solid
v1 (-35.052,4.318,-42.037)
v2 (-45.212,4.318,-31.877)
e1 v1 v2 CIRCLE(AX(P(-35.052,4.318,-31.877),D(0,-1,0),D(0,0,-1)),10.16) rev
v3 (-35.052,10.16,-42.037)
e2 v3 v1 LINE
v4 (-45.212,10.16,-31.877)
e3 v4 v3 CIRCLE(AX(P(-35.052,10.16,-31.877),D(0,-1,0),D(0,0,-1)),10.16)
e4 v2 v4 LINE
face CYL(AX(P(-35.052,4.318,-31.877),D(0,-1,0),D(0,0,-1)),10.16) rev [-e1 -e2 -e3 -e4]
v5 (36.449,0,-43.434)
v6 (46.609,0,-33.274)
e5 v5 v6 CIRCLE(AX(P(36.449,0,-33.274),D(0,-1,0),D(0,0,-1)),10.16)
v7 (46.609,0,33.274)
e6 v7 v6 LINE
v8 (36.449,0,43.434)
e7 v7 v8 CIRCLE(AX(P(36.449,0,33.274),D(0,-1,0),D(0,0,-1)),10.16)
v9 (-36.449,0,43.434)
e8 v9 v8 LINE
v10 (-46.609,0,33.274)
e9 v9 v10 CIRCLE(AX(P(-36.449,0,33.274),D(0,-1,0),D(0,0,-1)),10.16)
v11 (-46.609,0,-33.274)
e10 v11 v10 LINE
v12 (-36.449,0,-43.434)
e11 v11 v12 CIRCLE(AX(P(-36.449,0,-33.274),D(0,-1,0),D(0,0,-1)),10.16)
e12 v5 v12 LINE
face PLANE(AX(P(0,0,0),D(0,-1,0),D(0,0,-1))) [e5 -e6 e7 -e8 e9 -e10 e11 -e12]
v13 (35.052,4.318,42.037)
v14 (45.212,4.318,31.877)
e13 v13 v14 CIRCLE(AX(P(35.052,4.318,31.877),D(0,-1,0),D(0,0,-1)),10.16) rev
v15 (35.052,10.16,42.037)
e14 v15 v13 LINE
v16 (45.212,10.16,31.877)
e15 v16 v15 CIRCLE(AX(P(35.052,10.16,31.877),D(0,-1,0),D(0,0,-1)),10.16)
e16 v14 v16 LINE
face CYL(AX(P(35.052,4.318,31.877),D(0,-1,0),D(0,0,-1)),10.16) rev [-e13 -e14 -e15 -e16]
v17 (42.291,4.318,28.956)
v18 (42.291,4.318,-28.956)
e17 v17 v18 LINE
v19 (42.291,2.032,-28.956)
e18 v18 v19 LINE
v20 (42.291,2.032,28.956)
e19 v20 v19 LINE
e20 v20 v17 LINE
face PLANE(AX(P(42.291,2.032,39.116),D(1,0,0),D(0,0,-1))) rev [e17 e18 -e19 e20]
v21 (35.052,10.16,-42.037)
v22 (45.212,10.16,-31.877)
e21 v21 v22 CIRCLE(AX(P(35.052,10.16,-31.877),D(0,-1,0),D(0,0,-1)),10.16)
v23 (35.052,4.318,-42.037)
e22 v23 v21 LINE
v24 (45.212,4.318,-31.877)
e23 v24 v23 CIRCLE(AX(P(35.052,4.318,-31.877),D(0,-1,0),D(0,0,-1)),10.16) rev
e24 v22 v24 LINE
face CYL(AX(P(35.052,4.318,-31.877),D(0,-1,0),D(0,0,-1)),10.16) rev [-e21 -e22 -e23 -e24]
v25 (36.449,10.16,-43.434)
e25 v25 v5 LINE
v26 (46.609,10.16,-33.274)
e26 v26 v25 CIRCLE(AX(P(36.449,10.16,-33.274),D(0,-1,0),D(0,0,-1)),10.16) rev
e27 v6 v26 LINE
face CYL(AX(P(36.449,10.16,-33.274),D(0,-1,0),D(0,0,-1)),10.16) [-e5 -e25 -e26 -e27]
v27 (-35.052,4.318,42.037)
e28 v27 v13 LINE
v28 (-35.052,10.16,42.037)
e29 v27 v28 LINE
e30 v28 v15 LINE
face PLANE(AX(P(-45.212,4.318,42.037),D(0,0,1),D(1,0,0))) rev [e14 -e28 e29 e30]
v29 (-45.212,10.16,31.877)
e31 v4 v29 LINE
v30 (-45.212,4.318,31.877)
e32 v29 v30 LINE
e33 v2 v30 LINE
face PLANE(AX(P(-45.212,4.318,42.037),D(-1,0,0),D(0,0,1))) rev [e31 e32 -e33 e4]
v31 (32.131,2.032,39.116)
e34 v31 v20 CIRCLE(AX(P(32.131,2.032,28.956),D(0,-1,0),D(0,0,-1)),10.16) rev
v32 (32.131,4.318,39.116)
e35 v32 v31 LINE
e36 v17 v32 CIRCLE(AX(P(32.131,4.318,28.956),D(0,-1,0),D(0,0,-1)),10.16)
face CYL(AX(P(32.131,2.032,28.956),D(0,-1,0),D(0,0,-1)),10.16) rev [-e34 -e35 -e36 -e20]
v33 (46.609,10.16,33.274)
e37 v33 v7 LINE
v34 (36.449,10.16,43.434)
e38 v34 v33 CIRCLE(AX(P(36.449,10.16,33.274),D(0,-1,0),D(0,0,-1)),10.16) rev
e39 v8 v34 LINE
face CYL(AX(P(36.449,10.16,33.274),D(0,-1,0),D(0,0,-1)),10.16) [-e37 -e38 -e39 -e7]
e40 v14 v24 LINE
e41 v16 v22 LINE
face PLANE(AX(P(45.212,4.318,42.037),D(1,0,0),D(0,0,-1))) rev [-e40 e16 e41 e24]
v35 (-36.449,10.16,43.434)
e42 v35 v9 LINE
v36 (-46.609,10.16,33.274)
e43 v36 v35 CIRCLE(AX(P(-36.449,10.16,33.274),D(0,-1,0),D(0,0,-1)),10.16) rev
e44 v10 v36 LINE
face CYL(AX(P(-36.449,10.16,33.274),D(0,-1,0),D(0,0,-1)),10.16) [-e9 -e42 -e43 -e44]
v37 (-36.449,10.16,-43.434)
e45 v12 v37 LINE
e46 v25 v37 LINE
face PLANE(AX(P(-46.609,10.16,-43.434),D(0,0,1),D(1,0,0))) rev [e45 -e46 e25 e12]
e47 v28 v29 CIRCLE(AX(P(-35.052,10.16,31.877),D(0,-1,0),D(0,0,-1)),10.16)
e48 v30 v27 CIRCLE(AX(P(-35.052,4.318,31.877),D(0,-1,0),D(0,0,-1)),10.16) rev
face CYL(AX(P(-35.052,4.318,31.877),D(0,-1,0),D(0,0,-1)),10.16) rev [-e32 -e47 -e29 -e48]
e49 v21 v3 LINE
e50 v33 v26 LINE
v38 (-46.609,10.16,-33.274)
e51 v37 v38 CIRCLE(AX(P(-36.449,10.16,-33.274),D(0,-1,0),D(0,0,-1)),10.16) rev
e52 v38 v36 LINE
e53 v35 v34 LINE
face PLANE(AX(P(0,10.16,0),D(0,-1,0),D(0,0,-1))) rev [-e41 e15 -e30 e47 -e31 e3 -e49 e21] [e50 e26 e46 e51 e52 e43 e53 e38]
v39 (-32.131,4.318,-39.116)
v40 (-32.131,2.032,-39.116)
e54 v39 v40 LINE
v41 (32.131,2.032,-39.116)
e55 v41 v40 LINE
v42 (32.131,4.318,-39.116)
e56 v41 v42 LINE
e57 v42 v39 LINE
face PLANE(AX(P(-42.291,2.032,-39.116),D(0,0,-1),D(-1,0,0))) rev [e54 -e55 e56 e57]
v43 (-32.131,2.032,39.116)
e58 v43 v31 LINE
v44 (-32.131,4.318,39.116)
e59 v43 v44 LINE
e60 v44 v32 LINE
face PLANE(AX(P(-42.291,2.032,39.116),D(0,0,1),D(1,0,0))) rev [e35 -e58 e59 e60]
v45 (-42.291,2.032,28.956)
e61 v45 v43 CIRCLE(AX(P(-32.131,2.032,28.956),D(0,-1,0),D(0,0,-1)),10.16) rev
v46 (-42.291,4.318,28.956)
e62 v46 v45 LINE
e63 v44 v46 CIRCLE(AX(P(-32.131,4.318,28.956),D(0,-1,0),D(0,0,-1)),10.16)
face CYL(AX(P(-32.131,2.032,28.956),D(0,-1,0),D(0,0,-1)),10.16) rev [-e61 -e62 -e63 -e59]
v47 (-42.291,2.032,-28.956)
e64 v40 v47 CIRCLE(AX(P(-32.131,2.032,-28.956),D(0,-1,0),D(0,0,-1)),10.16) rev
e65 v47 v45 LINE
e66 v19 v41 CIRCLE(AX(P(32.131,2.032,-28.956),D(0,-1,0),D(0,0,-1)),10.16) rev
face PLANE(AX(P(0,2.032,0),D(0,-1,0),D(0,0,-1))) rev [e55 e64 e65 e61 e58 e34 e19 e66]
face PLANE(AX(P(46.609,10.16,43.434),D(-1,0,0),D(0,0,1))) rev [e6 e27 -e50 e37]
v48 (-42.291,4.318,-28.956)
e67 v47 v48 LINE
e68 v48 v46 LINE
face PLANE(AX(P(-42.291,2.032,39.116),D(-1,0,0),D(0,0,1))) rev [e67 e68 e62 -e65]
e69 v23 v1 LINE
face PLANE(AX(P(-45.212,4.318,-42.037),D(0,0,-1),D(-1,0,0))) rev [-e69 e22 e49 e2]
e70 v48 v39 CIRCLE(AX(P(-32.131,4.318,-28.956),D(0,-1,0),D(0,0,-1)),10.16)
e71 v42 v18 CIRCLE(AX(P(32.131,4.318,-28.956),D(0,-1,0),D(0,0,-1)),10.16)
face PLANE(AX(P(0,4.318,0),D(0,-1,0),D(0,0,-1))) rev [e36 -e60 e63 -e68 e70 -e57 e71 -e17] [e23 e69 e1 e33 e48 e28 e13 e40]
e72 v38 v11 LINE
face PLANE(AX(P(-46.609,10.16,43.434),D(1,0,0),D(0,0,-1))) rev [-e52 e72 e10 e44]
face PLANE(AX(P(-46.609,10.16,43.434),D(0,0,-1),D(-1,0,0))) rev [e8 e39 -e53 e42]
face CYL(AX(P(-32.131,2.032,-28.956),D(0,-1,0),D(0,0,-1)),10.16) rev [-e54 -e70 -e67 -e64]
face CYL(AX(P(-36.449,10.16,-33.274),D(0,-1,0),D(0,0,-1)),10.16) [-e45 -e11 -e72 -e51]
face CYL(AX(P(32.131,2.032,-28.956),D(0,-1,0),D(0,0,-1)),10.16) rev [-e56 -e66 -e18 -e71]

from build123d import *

# Parameters (mm, degrees)
SKETCH1_W           = 93.218
SKETCH1_H           = 86.868
BOSS_EXTRUDE1_DEPTH = 10.16
SKETCH2_W           = 90.424
SKETCH2_H           = 84.074
CUT_EXTRUDE1_DEPTH  = 5.842
SKETCH3_W           = 84.582
SKETCH3_H           = 78.232
CUT_EXTRUDE2_DEPTH  = 2.286
FILLET1_R           = 10.16


with BuildPart() as part:
    # Sketch1 → Boss-Extrude1 (new body)
    with BuildSketch(Plane(origin=(0, 0, 0), x_dir=(1, 0, 0), z_dir=(0, 1, 0))):
        Rectangle(SKETCH1_W, SKETCH1_H)
    extrude(amount=BOSS_EXTRUDE1_DEPTH)

    # Sketch2 → Cut-Extrude1 (cut)
    with BuildSketch(Plane(origin=(0, 10.16, 0), x_dir=(1, 0, 0), z_dir=(0, 1, 0))):
        Rectangle(SKETCH2_W, SKETCH2_H)
    extrude(amount=-CUT_EXTRUDE1_DEPTH, mode=Mode.SUBTRACT)

    # Sketch3 → Cut-Extrude2 (cut)
    with BuildSketch(Plane(origin=(0, 4.318, 0), x_dir=(1, 0, 0), z_dir=(0, 1, 0))):
        Rectangle(SKETCH3_W, SKETCH3_H)
    extrude(amount=-CUT_EXTRUDE2_DEPTH, mode=Mode.SUBTRACT)

    # Fillet1
    fillet1_edges = [part.edges().sort_by_distance(p)[0] for p in [
        (45.212, 7.239, -42.037),
        (45.212, 7.239, 42.037),
        (-45.212, 7.239, 42.037),
        (-45.212, 7.239, -42.037),
        (42.291, 3.175, -39.116),
        (42.291, 3.175, 39.116),
        (-42.291, 3.175, 39.116),
        (-42.291, 3.175, -39.116),
        (46.609, 5.08, 43.434),
        (-46.609, 5.08, 43.434),
        (-46.609, 5.08, -43.434),
        (46.609, 5.08, -43.434),
    ]]
    fillet(fillet1_edges, radius=FILLET1_R)


solid = part.part
